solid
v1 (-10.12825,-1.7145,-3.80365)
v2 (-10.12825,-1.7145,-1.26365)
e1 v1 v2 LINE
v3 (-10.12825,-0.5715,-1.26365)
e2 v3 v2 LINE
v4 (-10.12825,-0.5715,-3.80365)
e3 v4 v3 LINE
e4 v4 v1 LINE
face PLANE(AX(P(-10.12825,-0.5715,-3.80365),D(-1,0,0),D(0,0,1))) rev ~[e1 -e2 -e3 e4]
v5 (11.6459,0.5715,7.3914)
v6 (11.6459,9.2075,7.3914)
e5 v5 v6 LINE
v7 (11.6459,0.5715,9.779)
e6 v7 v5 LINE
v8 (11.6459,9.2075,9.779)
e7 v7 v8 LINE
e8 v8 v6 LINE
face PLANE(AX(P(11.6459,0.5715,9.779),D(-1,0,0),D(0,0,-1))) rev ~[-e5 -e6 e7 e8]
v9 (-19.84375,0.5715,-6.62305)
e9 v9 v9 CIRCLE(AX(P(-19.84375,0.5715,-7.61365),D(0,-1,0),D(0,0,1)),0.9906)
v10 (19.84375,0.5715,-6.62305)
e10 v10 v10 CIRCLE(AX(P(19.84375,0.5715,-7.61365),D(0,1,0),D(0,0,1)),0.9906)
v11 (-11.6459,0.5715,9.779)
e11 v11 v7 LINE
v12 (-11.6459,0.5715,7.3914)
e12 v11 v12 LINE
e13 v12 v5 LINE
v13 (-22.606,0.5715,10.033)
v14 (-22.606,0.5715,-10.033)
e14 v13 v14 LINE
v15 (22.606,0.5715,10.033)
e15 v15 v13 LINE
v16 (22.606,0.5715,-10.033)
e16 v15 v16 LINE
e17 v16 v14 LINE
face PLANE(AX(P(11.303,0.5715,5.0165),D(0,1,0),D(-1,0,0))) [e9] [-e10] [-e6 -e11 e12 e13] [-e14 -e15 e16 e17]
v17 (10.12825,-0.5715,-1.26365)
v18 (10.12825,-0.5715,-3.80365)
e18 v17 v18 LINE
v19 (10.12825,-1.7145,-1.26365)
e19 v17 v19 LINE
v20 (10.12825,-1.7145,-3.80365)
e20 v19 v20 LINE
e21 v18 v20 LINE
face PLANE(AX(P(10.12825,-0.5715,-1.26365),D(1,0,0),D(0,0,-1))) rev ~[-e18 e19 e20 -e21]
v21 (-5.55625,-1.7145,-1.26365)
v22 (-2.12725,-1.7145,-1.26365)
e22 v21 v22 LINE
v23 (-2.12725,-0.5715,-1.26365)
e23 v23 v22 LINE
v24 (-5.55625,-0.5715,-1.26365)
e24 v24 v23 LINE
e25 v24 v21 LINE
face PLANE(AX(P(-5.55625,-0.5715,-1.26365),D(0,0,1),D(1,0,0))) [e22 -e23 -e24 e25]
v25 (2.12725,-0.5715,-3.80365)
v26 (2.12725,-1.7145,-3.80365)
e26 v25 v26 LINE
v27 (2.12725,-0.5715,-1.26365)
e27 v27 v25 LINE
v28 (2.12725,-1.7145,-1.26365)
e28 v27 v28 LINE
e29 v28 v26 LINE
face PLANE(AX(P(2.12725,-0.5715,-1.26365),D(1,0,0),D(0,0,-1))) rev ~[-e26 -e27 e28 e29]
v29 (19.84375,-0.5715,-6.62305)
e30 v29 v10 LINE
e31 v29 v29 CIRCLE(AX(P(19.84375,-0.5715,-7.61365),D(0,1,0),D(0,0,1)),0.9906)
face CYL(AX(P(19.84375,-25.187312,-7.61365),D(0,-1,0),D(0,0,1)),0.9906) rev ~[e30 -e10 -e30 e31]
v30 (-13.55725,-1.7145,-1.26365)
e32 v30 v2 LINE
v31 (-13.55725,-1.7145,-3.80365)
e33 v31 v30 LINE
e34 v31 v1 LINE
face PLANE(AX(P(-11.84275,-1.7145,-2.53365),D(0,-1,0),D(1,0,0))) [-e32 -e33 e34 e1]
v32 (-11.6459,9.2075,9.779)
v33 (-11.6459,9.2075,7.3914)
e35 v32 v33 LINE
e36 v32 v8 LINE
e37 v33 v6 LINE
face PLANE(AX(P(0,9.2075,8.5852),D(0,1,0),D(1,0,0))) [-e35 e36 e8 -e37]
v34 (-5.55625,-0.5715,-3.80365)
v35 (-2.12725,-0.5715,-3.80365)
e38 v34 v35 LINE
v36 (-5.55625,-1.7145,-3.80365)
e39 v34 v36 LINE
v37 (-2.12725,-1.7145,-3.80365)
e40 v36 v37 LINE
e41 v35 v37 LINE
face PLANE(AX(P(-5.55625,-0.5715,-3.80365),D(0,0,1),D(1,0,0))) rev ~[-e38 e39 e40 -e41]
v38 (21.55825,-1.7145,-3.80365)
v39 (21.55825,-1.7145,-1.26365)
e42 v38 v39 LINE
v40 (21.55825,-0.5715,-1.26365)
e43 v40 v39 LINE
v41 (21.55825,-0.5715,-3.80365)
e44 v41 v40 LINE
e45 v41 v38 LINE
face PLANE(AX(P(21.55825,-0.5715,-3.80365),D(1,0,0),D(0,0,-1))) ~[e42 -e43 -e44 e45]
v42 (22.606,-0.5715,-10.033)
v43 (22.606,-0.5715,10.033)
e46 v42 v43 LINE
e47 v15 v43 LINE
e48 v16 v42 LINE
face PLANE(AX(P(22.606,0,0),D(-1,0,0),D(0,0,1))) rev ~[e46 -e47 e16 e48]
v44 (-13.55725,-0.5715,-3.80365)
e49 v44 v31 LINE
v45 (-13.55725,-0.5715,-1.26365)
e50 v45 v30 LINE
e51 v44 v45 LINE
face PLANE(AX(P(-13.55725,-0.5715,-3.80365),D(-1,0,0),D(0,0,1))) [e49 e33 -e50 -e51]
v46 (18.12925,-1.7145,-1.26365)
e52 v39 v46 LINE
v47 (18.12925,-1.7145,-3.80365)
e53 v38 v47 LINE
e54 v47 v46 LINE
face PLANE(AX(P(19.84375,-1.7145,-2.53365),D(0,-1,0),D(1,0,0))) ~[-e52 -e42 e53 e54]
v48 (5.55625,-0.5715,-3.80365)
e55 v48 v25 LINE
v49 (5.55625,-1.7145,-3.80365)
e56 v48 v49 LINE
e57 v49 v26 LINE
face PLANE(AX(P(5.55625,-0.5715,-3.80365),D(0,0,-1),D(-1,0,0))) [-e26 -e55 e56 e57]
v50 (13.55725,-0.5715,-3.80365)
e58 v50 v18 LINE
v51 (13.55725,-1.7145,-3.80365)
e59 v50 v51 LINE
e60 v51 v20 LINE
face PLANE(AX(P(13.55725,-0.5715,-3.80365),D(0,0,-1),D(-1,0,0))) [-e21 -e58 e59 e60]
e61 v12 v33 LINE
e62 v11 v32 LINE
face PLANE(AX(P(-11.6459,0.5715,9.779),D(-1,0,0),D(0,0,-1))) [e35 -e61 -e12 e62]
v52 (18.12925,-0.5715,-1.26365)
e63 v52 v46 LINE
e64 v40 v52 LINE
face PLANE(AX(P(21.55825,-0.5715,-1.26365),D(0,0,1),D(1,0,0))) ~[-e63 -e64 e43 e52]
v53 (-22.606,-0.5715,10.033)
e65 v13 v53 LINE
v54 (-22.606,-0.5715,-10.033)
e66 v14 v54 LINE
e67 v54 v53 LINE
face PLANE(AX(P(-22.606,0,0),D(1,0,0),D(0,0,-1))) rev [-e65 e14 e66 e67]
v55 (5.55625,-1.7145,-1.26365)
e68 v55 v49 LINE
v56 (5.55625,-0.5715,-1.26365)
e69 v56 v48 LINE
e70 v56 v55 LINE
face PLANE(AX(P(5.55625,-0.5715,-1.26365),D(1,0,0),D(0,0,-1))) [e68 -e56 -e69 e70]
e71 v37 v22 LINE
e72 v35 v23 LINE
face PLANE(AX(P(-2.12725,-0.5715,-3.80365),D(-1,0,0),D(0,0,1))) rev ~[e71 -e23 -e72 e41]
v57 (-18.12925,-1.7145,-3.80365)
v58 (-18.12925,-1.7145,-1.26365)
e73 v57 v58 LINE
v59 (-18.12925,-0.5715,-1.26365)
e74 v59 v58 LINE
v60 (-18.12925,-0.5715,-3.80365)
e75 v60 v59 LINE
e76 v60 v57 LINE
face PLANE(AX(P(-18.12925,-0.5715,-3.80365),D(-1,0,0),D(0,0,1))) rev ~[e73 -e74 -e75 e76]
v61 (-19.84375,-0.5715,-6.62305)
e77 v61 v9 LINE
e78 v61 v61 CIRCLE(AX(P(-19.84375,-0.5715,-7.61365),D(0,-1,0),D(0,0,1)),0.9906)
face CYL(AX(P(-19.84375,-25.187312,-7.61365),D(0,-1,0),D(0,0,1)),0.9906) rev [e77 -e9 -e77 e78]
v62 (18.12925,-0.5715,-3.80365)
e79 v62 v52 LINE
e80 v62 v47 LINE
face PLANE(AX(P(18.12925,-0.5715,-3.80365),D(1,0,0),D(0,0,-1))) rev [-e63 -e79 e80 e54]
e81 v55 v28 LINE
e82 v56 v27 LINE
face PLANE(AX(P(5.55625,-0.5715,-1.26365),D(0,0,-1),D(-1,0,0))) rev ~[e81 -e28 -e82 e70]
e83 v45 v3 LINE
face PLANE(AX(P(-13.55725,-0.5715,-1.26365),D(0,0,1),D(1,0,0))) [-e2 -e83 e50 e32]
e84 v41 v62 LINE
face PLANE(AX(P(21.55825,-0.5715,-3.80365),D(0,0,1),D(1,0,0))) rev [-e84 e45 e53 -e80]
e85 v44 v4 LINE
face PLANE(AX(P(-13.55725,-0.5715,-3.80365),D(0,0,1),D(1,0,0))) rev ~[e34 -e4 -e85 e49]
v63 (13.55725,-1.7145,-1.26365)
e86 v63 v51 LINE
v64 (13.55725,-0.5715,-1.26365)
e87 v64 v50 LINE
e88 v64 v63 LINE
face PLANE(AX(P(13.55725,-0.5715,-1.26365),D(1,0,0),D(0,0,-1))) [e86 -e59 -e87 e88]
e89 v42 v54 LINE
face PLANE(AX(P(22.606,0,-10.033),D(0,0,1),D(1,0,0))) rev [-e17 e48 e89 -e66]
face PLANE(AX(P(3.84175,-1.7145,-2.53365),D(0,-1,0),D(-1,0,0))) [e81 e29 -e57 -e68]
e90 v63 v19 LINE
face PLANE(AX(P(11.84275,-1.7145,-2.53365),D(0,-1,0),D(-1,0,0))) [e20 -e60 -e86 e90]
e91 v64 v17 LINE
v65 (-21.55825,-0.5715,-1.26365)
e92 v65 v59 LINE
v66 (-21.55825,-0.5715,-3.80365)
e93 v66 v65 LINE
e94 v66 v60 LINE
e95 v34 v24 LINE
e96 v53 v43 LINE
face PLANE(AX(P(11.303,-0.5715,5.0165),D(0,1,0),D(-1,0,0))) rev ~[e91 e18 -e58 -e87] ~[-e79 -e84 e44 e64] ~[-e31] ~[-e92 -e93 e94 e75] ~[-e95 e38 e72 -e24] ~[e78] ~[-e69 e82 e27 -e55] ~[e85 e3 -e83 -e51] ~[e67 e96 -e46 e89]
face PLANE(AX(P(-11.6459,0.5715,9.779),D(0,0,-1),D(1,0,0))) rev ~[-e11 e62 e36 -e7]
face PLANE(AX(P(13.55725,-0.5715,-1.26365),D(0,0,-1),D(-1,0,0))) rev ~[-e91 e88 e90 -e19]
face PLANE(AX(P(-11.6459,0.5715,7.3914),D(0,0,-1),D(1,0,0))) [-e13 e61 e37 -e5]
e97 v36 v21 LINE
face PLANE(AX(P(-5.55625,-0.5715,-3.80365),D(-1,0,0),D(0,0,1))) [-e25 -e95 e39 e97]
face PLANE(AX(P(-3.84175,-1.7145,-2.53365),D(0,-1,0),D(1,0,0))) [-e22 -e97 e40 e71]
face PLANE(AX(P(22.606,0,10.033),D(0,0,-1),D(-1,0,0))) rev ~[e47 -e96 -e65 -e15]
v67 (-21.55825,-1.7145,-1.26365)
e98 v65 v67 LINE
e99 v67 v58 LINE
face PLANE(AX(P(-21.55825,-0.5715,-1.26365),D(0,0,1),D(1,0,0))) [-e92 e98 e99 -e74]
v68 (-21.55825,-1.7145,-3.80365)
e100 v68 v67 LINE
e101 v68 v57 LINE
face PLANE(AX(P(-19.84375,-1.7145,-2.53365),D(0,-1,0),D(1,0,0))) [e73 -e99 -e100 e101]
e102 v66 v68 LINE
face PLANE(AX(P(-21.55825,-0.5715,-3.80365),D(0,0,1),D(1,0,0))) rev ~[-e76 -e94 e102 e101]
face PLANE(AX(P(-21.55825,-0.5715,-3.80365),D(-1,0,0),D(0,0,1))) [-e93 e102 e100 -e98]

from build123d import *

# Parameters (mm, degrees)
SKETCH1_W               = 22.606
SKETCH1_H               = 10.033
BOSS_EXTRUDE1_DEPTH     = 0.5715
CUT_EXTRUDE1_DEPTH      = 25.758812047
CUT_EXTRUDE1_DEPTH_BACK = 25.758812047
SKETCH2_R               = 0.9906
SKETCH3_W               = 23.2918
SKETCH3_H               = 2.3876
BOSS_EXTRUDE2_DEPTH     = 8.636
SKETCH4_W               = 3.429
SKETCH4_H               = 2.54
BOSS_EXTRUDE3_DEPTH     = 1.143
LPATTERN1_COUNT         = 3
LPATTERN1_PITCH         = 8.001
MIRROR4_COPY_1_SKETCH_W = 3.429
MIRROR4_COPY_1_SKETCH_H = 2.54
MIRROR4_COPY_1_DEPTH    = 1.143
MIRROR4_COPY_2_SKETCH_W = 3.429
MIRROR4_COPY_2_SKETCH_H = 2.54
MIRROR4_COPY_2_DEPTH    = 1.143
MIRROR4_COPY_3_SKETCH_W = 3.429
MIRROR4_COPY_3_SKETCH_H = 2.54
MIRROR4_COPY_3_DEPTH    = 1.143


with BuildPart() as part:
    # Sketch1 → Boss-Extrude1 (new, symmetric)
    with BuildSketch(Plane(origin=(0, 0, 0), x_dir=(1, 0, 0), z_dir=(0, 1, 0))):
        with Locations((-11.303, 5.0165)):
            Rectangle(SKETCH1_W, SKETCH1_H)
    boss_extrude1 = extrude(amount=BOSS_EXTRUDE1_DEPTH, both=True)

    # Mirror1: Boss-Extrude1 across plane
    add(boss_extrude1.mirror(Plane(origin=(0, 0.5715, 0), x_dir=(1, 0, 0), z_dir=(0, 0, -1))))

    # Sketch2 → Cut-Extrude1 (cut, two sides: drawn at the far end of the back side and taken through both)
    with BuildSketch(Plane(origin=(0, 0.5715, 0), x_dir=(1, 0, 0), z_dir=(0, 1, 0)).offset(-CUT_EXTRUDE1_DEPTH_BACK)):
        with Locations((-19.84375, 7.61365)):
            Circle(SKETCH2_R)
    extrude(amount=CUT_EXTRUDE1_DEPTH + CUT_EXTRUDE1_DEPTH_BACK, mode=Mode.SUBTRACT)

    # Mirror3: part across plane


with BuildPart() as part_1:
    add(part.part)
    add(part.part.mirror(Plane(origin=(0, 0, 0), x_dir=(0, 0, 1), z_dir=(1, 0, 0))))

    # Sketch3 → Boss-Extrude2 (add)
    with BuildSketch(Plane(origin=(0, 0.5715, 0), x_dir=(1, 0, 0), z_dir=(0, 1, 0))):
        with Locations((0, -8.5852)):
            Rectangle(SKETCH3_W, SKETCH3_H)
    extrude(amount=BOSS_EXTRUDE2_DEPTH)

    # Sketch4 → Boss-Extrude3 (add)
    with BuildSketch(Plane.XZ.offset(0.5715)):
        with Locations((-19.84375, -2.53365)):
            Rectangle(SKETCH4_W, SKETCH4_H)
    boss_extrude3 = extrude(amount=BOSS_EXTRUDE3_DEPTH)

    # LPattern1: Boss-Extrude3 ×3
    with Locations(*[(i * LPATTERN1_PITCH, 0, 0) for i in range(1, LPATTERN1_COUNT)]):
        add(boss_extrude3)

    # Mirror4 copy 1 sketch → Mirror4 copy 1 (add)
    with BuildSketch(Plane(origin=(-8.001, -0.5715, 0), x_dir=(-1, 0, 0), z_dir=(0, -1, 0))):
        with Locations((-19.84375, 2.53365)):
            Rectangle(MIRROR4_COPY_1_SKETCH_W, MIRROR4_COPY_1_SKETCH_H)
    extrude(amount=MIRROR4_COPY_1_DEPTH)

    # Mirror4 copy 2 sketch → Mirror4 copy 2 (add)
    with BuildSketch(Plane(origin=(-16.002, -0.5715, 0), x_dir=(-1, 0, 0), z_dir=(0, -1, 0))):
        with Locations((-19.84375, 2.53365)):
            Rectangle(MIRROR4_COPY_2_SKETCH_W, MIRROR4_COPY_2_SKETCH_H)
    extrude(amount=MIRROR4_COPY_2_DEPTH)

    # Mirror4 copy 3 sketch → Mirror4 copy 3 (add)
    with BuildSketch(Plane(origin=(0, -0.5715, 0), x_dir=(-1, 0, 0), z_dir=(0, -1, 0))):
        with Locations((-19.84375, 2.53365)):
            Rectangle(MIRROR4_COPY_3_SKETCH_W, MIRROR4_COPY_3_SKETCH_H)
    extrude(amount=MIRROR4_COPY_3_DEPTH)


solid = part_1.part
